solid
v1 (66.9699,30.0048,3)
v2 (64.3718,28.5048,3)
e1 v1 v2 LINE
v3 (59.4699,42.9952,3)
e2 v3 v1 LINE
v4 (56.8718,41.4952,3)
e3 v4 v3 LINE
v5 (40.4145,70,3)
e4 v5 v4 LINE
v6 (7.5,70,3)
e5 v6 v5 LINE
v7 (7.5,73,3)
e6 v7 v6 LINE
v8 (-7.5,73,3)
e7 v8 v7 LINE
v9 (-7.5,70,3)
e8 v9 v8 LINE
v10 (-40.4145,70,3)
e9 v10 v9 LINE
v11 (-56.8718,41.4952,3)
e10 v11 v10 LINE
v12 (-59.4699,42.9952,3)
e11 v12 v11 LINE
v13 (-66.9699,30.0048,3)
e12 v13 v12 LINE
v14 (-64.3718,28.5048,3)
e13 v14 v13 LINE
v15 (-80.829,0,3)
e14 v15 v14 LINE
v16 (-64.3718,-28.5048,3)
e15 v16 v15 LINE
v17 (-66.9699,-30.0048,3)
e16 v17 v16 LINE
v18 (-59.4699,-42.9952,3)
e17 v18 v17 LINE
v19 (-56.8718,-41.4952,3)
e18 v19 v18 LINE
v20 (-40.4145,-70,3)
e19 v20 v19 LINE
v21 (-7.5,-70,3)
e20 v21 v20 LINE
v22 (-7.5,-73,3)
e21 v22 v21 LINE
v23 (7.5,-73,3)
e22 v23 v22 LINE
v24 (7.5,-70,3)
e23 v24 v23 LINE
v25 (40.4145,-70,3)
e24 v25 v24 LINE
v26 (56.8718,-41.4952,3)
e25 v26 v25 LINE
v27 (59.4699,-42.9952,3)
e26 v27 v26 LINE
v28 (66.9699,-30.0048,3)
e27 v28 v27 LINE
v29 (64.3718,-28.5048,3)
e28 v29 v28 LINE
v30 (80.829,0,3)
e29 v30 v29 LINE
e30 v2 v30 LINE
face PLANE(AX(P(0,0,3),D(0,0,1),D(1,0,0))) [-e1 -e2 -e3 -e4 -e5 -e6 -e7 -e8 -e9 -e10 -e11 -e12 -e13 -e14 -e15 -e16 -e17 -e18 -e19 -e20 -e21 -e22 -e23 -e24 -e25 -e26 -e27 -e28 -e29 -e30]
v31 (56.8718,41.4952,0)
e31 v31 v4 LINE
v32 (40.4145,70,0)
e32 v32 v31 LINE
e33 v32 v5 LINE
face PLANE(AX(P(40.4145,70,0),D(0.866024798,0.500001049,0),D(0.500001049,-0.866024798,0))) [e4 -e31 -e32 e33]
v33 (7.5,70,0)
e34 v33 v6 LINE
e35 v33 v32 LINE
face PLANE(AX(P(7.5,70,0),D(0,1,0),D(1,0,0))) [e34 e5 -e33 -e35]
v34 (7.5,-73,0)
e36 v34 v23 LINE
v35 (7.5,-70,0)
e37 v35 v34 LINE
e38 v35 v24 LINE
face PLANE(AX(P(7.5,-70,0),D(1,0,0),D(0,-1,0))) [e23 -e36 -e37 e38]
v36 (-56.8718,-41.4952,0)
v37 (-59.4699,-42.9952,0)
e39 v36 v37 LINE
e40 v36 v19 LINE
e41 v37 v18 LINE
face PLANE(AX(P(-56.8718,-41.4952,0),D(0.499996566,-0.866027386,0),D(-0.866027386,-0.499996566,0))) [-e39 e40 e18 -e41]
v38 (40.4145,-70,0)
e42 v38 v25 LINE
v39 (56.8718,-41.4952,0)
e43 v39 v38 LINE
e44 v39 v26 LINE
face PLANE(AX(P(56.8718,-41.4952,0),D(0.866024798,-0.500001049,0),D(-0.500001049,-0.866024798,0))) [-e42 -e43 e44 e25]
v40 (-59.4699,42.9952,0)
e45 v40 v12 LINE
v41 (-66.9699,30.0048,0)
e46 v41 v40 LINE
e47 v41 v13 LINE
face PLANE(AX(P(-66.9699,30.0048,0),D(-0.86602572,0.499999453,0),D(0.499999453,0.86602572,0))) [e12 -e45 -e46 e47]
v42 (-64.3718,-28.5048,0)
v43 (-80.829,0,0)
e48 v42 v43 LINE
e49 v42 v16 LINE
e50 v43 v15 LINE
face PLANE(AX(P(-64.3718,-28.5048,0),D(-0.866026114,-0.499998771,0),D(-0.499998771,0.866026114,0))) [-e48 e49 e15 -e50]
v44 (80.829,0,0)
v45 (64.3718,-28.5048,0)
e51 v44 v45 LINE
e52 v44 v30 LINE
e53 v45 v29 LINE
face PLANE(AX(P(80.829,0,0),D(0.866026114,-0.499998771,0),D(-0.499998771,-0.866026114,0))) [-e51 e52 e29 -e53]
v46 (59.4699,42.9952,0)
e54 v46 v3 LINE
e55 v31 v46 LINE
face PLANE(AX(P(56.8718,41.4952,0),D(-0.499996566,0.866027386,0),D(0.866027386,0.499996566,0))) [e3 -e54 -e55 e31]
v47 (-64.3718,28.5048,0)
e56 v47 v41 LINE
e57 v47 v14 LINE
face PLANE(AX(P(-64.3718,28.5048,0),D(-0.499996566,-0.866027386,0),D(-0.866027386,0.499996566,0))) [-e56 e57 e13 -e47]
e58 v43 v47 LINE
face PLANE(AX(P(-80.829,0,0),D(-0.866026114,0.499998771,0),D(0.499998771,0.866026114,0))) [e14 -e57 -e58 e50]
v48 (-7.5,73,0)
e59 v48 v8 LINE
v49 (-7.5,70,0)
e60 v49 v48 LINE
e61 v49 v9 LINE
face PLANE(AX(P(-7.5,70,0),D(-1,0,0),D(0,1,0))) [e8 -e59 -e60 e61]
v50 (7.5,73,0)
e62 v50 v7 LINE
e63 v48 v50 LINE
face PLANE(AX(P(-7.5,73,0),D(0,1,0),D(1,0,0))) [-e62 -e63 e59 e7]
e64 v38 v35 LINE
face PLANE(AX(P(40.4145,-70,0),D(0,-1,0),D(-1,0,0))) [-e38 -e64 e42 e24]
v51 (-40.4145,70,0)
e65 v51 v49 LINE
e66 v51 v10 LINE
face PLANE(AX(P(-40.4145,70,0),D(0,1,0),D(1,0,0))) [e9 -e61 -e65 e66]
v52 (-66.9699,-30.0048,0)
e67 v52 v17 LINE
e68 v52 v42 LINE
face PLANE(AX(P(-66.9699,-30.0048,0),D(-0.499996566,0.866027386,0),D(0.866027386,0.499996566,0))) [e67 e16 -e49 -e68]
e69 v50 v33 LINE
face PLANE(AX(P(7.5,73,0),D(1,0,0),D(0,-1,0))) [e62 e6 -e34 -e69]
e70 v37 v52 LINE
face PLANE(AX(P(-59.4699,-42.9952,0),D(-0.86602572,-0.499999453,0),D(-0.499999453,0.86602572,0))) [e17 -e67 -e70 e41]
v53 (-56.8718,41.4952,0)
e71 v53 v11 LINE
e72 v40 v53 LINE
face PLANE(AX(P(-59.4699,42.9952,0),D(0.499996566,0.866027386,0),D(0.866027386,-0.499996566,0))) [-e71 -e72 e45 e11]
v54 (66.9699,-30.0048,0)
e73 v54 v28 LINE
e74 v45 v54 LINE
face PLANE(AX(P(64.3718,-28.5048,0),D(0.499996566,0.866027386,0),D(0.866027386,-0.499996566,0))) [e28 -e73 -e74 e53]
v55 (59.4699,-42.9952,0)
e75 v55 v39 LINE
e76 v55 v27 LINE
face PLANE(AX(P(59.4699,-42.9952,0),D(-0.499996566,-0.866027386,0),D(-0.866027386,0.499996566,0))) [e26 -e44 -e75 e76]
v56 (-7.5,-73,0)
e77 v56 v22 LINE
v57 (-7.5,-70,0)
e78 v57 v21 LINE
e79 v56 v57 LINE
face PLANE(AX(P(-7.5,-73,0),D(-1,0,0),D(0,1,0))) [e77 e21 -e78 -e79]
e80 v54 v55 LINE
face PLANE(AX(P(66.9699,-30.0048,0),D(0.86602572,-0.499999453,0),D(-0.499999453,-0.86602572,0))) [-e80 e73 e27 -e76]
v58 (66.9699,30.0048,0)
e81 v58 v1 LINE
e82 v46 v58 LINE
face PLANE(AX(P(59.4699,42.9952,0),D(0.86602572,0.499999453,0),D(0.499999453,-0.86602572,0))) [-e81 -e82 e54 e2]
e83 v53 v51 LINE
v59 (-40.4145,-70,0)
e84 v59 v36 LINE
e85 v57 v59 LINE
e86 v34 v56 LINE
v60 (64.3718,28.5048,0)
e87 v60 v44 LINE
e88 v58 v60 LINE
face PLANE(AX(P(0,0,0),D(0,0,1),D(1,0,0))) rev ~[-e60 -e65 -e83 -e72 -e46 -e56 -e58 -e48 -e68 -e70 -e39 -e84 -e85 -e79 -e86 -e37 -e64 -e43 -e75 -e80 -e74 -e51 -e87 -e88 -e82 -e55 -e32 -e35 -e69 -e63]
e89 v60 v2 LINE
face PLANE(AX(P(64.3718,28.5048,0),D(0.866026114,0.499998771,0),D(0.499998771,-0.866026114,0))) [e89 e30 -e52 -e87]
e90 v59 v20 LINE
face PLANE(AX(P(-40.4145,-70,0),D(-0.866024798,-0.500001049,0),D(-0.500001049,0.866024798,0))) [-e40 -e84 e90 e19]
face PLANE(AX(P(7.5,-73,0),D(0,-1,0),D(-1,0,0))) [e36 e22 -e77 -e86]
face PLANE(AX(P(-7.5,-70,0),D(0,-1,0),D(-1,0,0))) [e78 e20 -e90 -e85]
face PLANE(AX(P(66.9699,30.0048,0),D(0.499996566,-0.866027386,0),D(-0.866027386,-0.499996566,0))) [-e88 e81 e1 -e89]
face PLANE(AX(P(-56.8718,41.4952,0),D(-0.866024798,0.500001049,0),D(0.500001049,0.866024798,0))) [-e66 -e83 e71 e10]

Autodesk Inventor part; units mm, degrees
ref_plane "YZ Plane" through (0, 0, 0) normal (1, 0, 0) x (0, 1, 0)
ref_plane "XZ Plane" through (0, 0, 0) normal (0, 1, 0) x (-1, 0, 0)
ref_plane "XY Plane" through (0, 0, 0) normal (0, 0, 1) x (1, 0, 0)
sketch "Sketch1" plane through (0, 0, 0) normal (0, 0, 1) x (1, 0, 0)
  line L0 (-7.5, 73) -> (7.5, 73)
  line L1 (7.5, 73) -> (7.5, 70)
  line L2 (-7.5, 70) -> (-7.5, 73)
  line L3 (-40.4145, 70) -> (-7.5, 70)
  line L4 (7.5, 70) -> (40.4145, 70)
  line L5 (-66.9699, 30.0048) -> (-59.4699, 42.9952)
  line L6 (-59.4699, 42.9952) -> (-56.8718, 41.4952)
  line L7 (-64.3718, 28.5048) -> (-66.9699, 30.0048)
  line L8 (-59.4699, -42.9952) -> (-66.9699, -30.0048)
  line L9 (-66.9699, -30.0048) -> (-64.3718, -28.5048)
  line L10 (-56.8718, -41.4952) -> (-59.4699, -42.9952)
  line L11 (7.5, -73) -> (-7.5, -73)
  line L12 (-7.5, -73) -> (-7.5, -70)
  line L13 (7.5, -70) -> (7.5, -73)
  line L14 (66.9699, -30.0048) -> (59.4699, -42.9952)
  line L15 (59.4699, -42.9952) -> (56.8718, -41.4952)
  line L16 (64.3718, -28.5048) -> (66.9699, -30.0048)
  line L17 (59.4699, 42.9952) -> (66.9699, 30.0048)
  line L18 (66.9699, 30.0048) -> (64.3718, 28.5048)
  line L19 (56.8718, 41.4952) -> (59.4699, 42.9952)
  line L20 (-80.829, 0) -> (-64.3718, 28.5048)
  line L21 (-56.8718, 41.4952) -> (-40.4145, 70)
  line L22 (40.4145, 70) -> (56.8718, 41.4952)
  line L23 (64.3718, 28.5048) -> (80.829, 0)
  line L24 (80.829, 0) -> (64.3718, -28.5048)
  line L25 (56.8718, -41.4952) -> (40.4145, -70)
  line L26 (40.4145, -70) -> (7.5, -70)
  line L27 (-7.5, -70) -> (-40.4145, -70)
  line L28 (-40.4145, -70) -> (-56.8718, -41.4952)
  line L29 (-64.3718, -28.5048) -> (-80.829, 0)
  line L30 (7.5, 70) -> (-7.5, 70)
  line L31 (-56.8718, 41.4952) -> (-64.3718, 28.5048)
  line L32 (-64.3718, -28.5048) -> (-56.8718, -41.4952)
  line L33 (-7.5, -70) -> (7.5, -70)
  line L34 (56.8718, -41.4952) -> (64.3718, -28.5048)
  line L35 (64.3718, 28.5048) -> (56.8718, 41.4952)
  point P0 (0, 0)
  point P1 (0, 0)
  point P2 (0, 73)
  point P3 (-63.2199, 36.5)
  point P4 (-63.2199, -36.5)
  point P5 (0, -73)
  point P6 (63.2199, -36.5)
  point P7 (63.2199, 36.5)
  dimension "d1" = 3
  dimension "d3" = 15
  dimension "d6" = 360
  dimension "d8" = 140
  dimension "d9" = 146
  dimension "d14" = 360
extrude "Extrusion1" add sketch "Sketch1" along normal blind 3
properties part number "middle_space" material "MDF Medium Density Fiberboard"
